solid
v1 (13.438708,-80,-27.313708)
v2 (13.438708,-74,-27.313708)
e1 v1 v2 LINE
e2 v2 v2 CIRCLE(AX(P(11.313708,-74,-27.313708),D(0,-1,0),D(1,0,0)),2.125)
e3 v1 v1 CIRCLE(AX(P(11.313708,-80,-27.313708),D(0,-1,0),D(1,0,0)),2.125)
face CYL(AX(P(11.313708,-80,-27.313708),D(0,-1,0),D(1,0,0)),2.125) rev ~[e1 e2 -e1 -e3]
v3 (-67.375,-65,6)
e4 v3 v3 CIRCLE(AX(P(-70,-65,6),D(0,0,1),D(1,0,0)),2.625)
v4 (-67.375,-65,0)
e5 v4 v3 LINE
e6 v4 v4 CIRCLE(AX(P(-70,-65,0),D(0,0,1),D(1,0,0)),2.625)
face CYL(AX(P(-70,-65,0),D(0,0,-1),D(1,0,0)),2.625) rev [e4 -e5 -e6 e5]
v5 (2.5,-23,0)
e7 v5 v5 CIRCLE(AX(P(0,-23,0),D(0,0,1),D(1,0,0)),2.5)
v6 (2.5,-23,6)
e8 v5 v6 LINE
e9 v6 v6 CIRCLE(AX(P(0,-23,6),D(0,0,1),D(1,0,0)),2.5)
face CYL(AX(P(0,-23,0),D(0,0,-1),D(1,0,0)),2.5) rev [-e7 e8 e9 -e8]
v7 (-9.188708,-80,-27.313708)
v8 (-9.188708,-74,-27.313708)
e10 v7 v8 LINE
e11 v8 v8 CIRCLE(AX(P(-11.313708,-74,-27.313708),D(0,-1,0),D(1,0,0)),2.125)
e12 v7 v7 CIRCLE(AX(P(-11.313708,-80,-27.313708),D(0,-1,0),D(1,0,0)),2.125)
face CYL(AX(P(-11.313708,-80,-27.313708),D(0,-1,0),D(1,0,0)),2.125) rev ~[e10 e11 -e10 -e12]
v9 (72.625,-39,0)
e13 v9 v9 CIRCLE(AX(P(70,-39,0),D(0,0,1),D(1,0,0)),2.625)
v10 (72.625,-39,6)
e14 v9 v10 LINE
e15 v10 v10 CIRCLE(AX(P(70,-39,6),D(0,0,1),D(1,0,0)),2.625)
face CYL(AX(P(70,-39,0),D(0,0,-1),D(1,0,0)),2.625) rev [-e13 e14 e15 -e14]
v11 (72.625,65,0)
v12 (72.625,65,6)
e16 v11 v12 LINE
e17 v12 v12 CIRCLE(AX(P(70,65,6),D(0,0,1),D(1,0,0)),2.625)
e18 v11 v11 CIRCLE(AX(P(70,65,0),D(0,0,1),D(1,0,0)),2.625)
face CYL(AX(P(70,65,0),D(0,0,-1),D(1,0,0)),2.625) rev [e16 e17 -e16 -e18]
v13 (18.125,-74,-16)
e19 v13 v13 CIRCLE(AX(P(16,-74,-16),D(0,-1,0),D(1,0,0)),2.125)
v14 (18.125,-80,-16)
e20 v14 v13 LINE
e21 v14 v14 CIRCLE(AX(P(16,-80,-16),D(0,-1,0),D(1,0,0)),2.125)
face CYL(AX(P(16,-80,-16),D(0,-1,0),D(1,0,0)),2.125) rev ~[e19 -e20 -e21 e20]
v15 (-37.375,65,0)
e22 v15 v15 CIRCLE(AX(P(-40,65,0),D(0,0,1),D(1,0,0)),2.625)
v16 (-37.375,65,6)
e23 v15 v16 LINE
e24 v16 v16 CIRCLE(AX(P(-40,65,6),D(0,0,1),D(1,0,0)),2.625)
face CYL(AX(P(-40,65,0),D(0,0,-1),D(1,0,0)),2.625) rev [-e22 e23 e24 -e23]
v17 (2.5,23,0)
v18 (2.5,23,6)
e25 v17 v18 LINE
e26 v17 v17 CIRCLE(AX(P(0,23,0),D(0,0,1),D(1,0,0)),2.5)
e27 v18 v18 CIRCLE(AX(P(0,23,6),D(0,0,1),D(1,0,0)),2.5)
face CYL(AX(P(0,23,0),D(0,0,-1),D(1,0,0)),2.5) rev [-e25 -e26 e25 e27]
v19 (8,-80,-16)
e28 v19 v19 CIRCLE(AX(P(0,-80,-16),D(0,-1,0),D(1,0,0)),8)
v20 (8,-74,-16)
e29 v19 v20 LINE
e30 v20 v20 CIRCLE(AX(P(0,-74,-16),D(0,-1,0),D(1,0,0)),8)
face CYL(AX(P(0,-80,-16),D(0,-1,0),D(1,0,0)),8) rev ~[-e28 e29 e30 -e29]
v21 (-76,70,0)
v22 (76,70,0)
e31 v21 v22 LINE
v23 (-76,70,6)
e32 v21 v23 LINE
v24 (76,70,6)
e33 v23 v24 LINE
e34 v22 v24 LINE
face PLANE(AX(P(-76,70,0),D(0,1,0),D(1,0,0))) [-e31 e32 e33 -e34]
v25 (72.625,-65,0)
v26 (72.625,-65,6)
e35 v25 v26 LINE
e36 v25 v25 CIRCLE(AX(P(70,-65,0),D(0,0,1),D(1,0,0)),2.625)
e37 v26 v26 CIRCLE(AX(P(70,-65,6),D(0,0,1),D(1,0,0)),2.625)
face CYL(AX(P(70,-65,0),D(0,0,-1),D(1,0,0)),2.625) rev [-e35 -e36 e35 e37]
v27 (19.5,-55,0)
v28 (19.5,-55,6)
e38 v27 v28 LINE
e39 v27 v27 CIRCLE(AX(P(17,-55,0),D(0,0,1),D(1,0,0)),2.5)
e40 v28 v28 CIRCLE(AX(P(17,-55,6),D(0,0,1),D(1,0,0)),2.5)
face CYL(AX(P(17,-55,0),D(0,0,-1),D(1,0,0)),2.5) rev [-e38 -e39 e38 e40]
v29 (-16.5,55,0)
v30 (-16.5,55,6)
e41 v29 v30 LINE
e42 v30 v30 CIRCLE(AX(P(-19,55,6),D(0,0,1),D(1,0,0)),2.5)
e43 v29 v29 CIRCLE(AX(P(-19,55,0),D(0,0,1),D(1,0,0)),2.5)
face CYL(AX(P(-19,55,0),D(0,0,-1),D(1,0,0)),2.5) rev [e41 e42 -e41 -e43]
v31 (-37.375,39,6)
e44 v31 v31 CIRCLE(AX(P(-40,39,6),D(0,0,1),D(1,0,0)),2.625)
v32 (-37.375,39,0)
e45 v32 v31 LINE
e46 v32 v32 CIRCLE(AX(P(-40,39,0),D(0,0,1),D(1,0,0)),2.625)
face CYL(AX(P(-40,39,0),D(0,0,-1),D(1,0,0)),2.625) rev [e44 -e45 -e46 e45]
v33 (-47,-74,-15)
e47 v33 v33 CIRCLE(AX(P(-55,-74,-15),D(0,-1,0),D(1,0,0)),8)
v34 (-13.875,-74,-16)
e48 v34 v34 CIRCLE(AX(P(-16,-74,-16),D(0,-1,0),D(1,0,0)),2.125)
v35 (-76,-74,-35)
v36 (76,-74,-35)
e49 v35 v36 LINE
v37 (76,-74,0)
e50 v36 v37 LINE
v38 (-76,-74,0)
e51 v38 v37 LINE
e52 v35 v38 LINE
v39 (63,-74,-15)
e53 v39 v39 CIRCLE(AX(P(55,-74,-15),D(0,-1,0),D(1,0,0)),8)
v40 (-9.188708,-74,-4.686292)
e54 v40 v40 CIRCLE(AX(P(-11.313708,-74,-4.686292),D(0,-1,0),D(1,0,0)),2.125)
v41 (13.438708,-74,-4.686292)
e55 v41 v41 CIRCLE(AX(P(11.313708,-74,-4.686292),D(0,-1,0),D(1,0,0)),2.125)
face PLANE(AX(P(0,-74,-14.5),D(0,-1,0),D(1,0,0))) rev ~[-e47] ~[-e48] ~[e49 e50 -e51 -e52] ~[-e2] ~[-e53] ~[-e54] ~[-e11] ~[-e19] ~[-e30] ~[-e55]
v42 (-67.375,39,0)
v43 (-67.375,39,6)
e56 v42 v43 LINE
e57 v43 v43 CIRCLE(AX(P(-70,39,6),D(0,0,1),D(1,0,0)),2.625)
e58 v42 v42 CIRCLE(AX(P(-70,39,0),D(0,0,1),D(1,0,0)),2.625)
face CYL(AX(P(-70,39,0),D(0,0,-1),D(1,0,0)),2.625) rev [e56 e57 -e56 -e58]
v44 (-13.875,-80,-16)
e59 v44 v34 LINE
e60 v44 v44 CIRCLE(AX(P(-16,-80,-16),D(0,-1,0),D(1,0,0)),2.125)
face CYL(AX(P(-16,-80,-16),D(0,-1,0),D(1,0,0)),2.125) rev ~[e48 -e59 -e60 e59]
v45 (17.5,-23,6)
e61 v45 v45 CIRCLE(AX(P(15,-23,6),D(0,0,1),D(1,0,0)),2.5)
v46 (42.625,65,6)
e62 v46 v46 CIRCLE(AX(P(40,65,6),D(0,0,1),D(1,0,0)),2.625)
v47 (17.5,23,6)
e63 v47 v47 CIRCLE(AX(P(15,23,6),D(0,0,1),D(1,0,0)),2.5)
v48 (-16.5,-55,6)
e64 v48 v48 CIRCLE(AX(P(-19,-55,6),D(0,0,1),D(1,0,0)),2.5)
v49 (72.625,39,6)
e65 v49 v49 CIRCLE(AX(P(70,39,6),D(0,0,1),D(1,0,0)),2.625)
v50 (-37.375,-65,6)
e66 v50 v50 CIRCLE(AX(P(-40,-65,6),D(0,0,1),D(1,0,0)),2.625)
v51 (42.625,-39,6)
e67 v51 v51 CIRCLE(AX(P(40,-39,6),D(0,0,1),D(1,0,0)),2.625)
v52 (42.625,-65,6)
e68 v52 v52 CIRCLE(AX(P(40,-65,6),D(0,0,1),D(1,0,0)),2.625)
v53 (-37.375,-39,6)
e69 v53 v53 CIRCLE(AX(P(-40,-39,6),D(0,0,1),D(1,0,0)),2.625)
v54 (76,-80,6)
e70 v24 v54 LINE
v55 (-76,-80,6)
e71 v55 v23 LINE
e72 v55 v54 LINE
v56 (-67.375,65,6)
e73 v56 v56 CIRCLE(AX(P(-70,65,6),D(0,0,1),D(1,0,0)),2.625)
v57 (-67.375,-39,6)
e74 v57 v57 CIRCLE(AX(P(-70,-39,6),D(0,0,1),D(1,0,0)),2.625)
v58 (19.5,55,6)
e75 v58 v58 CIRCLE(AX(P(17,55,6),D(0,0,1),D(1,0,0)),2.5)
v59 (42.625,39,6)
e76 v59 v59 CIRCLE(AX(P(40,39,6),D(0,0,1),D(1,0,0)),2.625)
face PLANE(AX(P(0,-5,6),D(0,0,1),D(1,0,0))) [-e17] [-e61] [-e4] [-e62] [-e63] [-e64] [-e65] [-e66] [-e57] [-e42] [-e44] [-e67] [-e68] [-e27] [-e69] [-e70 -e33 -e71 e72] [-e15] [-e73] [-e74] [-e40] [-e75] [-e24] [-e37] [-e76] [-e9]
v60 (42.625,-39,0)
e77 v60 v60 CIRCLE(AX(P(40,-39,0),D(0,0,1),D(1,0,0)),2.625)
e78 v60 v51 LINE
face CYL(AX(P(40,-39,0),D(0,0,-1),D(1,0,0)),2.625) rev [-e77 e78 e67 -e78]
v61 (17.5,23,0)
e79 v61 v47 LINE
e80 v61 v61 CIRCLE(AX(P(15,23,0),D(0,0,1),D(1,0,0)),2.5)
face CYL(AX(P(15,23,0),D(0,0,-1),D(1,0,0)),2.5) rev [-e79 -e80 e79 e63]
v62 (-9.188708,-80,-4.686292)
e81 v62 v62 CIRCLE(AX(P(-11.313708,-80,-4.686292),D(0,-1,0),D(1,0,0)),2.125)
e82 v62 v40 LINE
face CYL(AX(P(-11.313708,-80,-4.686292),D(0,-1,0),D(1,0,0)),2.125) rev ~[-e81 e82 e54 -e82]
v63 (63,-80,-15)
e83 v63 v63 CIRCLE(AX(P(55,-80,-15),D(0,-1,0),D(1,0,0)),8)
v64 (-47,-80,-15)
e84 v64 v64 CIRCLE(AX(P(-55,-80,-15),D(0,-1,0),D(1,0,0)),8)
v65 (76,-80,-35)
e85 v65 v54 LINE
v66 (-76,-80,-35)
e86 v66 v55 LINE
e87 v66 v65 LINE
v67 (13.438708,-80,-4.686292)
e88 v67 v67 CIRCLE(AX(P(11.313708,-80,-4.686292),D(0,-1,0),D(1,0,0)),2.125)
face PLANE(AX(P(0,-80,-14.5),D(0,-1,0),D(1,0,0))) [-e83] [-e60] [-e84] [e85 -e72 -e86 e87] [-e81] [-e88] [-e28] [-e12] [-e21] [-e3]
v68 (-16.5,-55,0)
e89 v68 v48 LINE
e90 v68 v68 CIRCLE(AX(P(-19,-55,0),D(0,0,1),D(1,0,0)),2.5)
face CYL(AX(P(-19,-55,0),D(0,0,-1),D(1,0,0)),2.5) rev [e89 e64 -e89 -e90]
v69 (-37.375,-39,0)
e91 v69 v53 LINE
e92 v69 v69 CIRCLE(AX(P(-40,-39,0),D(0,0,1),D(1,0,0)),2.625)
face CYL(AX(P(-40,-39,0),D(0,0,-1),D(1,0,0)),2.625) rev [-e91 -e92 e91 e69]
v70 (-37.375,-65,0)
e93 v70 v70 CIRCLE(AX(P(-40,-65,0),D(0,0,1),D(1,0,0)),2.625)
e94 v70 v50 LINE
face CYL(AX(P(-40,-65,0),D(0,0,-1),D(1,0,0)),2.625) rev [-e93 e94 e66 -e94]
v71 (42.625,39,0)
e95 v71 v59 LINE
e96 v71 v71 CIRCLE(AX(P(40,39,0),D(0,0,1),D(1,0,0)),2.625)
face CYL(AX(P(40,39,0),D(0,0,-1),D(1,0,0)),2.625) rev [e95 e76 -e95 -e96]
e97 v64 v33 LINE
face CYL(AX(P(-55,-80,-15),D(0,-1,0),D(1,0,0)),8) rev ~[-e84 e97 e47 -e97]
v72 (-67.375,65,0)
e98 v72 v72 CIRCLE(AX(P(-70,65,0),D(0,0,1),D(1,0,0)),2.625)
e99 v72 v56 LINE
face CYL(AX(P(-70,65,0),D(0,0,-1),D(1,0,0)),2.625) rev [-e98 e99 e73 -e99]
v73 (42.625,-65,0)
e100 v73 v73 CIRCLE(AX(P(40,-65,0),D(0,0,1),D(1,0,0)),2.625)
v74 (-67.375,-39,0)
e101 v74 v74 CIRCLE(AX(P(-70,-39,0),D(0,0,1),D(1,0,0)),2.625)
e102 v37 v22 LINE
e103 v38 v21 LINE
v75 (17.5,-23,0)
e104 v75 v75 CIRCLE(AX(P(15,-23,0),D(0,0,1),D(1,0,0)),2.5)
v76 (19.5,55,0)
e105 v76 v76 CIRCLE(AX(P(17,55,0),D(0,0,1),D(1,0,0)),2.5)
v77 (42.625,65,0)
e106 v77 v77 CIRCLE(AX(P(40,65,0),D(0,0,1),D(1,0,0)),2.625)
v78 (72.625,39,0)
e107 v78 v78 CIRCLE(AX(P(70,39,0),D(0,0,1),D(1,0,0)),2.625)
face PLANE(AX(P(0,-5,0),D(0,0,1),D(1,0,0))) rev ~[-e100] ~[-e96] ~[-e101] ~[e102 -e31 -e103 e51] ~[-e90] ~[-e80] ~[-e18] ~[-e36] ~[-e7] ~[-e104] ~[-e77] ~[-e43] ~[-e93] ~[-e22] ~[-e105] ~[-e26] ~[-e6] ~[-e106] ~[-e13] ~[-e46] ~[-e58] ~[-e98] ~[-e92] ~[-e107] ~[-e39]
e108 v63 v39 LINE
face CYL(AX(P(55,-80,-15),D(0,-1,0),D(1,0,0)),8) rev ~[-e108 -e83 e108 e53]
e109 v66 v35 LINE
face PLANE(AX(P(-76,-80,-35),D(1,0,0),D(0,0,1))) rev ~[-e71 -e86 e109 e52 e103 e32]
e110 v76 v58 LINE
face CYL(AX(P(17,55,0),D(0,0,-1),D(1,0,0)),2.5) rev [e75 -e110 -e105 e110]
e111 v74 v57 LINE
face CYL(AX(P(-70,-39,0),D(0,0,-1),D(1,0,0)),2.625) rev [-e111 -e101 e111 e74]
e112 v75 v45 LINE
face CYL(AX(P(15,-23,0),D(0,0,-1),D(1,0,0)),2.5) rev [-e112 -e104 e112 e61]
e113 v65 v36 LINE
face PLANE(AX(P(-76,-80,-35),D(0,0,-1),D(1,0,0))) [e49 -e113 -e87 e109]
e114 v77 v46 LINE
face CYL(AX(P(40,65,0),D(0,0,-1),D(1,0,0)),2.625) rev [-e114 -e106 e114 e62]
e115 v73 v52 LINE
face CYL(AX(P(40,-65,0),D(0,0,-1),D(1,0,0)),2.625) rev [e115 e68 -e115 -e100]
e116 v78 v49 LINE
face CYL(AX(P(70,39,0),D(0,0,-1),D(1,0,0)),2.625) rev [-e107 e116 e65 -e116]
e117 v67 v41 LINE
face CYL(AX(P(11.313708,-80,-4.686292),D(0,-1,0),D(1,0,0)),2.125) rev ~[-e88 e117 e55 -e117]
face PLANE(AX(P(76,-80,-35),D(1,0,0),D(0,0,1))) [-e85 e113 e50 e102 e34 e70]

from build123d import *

# Parameters (mm, degrees)
SKETCH_W      = 152
SKETCH_H      = 150
SKETCH_R      = 2.5
SKETCH_R_2    = 2.625
PAD_DEPTH     = 6
SKETCH001_W   = 152
SKETCH001_H   = 41
SKETCH001_R   = 8
SKETCH001_R_2 = 2.125
PAD001_DEPTH  = 6


with BuildPart() as part:
    # Sketch → Pad (new body)
    with BuildSketch(Plane.XY):
        with Locations((0, -5)):
            Rectangle(SKETCH_W, SKETCH_H)
        with Locations((-19, 55)):
            Circle(SKETCH_R, mode=Mode.SUBTRACT)
        with Locations((17, 55)):
            Circle(SKETCH_R, mode=Mode.SUBTRACT)
        with Locations((-19, -55)):
            Circle(SKETCH_R, mode=Mode.SUBTRACT)
        with Locations((17, -55)):
            Circle(SKETCH_R, mode=Mode.SUBTRACT)
        with Locations((-70, 65)):
            Circle(SKETCH_R_2, mode=Mode.SUBTRACT)
        with Locations((-40, 65)):
            Circle(SKETCH_R_2, mode=Mode.SUBTRACT)
        with Locations((-70, 39)):
            Circle(SKETCH_R_2, mode=Mode.SUBTRACT)
        with Locations((-40, 39)):
            Circle(SKETCH_R_2, mode=Mode.SUBTRACT)
        with Locations((-70, -39)):
            Circle(SKETCH_R_2, mode=Mode.SUBTRACT)
        with Locations((-40, -39)):
            Circle(SKETCH_R_2, mode=Mode.SUBTRACT)
        with Locations((-70, -65)):
            Circle(SKETCH_R_2, mode=Mode.SUBTRACT)
        with Locations((-40, -65)):
            Circle(SKETCH_R_2, mode=Mode.SUBTRACT)
        with Locations((40, 65)):
            Circle(SKETCH_R_2, mode=Mode.SUBTRACT)
        with Locations((70, 65)):
            Circle(SKETCH_R_2, mode=Mode.SUBTRACT)
        with Locations((40, 39)):
            Circle(SKETCH_R_2, mode=Mode.SUBTRACT)
        with Locations((40, -39)):
            Circle(SKETCH_R_2, mode=Mode.SUBTRACT)
        with Locations((40, -65)):
            Circle(SKETCH_R_2, mode=Mode.SUBTRACT)
        with Locations((70, -39)):
            Circle(SKETCH_R_2, mode=Mode.SUBTRACT)
        with Locations((70, -65)):
            Circle(SKETCH_R_2, mode=Mode.SUBTRACT)
        with Locations((0, 23)):
            Circle(SKETCH_R, mode=Mode.SUBTRACT)
        with Locations((15, 23)):
            Circle(SKETCH_R, mode=Mode.SUBTRACT)
        with Locations((0, -23)):
            Circle(SKETCH_R, mode=Mode.SUBTRACT)
        with Locations((15, -23)):
            Circle(SKETCH_R, mode=Mode.SUBTRACT)
        with Locations((70, 39)):
            Circle(SKETCH_R_2, mode=Mode.SUBTRACT)
    extrude(amount=PAD_DEPTH)

    # Sketch001 → Pad001 (new body)
    with BuildSketch(Plane.XZ.offset(80)):
        with Locations((0, -14.5)):
            Rectangle(SKETCH001_W, SKETCH001_H)
        with Locations((0, -16)):
            Circle(SKETCH001_R, mode=Mode.SUBTRACT)
        with Locations((-11.313708, -4.686292)):
            Circle(SKETCH001_R_2, mode=Mode.SUBTRACT)
        with Locations((-16, -16)):
            Circle(SKETCH001_R_2, mode=Mode.SUBTRACT)
        with Locations((11.313708, -4.686292)):
            Circle(SKETCH001_R_2, mode=Mode.SUBTRACT)
        with Locations((-11.313708, -27.313708)):
            Circle(SKETCH001_R_2, mode=Mode.SUBTRACT)
        with Locations((11.313708, -27.313708)):
            Circle(SKETCH001_R_2, mode=Mode.SUBTRACT)
        with Locations((16, -16)):
            Circle(SKETCH001_R_2, mode=Mode.SUBTRACT)
        with Locations((-55, -15)):
            Circle(SKETCH001_R, mode=Mode.SUBTRACT)
        with Locations((55, -15)):
            Circle(SKETCH001_R, mode=Mode.SUBTRACT)
    extrude(amount=-PAD001_DEPTH)


solid = part.part
